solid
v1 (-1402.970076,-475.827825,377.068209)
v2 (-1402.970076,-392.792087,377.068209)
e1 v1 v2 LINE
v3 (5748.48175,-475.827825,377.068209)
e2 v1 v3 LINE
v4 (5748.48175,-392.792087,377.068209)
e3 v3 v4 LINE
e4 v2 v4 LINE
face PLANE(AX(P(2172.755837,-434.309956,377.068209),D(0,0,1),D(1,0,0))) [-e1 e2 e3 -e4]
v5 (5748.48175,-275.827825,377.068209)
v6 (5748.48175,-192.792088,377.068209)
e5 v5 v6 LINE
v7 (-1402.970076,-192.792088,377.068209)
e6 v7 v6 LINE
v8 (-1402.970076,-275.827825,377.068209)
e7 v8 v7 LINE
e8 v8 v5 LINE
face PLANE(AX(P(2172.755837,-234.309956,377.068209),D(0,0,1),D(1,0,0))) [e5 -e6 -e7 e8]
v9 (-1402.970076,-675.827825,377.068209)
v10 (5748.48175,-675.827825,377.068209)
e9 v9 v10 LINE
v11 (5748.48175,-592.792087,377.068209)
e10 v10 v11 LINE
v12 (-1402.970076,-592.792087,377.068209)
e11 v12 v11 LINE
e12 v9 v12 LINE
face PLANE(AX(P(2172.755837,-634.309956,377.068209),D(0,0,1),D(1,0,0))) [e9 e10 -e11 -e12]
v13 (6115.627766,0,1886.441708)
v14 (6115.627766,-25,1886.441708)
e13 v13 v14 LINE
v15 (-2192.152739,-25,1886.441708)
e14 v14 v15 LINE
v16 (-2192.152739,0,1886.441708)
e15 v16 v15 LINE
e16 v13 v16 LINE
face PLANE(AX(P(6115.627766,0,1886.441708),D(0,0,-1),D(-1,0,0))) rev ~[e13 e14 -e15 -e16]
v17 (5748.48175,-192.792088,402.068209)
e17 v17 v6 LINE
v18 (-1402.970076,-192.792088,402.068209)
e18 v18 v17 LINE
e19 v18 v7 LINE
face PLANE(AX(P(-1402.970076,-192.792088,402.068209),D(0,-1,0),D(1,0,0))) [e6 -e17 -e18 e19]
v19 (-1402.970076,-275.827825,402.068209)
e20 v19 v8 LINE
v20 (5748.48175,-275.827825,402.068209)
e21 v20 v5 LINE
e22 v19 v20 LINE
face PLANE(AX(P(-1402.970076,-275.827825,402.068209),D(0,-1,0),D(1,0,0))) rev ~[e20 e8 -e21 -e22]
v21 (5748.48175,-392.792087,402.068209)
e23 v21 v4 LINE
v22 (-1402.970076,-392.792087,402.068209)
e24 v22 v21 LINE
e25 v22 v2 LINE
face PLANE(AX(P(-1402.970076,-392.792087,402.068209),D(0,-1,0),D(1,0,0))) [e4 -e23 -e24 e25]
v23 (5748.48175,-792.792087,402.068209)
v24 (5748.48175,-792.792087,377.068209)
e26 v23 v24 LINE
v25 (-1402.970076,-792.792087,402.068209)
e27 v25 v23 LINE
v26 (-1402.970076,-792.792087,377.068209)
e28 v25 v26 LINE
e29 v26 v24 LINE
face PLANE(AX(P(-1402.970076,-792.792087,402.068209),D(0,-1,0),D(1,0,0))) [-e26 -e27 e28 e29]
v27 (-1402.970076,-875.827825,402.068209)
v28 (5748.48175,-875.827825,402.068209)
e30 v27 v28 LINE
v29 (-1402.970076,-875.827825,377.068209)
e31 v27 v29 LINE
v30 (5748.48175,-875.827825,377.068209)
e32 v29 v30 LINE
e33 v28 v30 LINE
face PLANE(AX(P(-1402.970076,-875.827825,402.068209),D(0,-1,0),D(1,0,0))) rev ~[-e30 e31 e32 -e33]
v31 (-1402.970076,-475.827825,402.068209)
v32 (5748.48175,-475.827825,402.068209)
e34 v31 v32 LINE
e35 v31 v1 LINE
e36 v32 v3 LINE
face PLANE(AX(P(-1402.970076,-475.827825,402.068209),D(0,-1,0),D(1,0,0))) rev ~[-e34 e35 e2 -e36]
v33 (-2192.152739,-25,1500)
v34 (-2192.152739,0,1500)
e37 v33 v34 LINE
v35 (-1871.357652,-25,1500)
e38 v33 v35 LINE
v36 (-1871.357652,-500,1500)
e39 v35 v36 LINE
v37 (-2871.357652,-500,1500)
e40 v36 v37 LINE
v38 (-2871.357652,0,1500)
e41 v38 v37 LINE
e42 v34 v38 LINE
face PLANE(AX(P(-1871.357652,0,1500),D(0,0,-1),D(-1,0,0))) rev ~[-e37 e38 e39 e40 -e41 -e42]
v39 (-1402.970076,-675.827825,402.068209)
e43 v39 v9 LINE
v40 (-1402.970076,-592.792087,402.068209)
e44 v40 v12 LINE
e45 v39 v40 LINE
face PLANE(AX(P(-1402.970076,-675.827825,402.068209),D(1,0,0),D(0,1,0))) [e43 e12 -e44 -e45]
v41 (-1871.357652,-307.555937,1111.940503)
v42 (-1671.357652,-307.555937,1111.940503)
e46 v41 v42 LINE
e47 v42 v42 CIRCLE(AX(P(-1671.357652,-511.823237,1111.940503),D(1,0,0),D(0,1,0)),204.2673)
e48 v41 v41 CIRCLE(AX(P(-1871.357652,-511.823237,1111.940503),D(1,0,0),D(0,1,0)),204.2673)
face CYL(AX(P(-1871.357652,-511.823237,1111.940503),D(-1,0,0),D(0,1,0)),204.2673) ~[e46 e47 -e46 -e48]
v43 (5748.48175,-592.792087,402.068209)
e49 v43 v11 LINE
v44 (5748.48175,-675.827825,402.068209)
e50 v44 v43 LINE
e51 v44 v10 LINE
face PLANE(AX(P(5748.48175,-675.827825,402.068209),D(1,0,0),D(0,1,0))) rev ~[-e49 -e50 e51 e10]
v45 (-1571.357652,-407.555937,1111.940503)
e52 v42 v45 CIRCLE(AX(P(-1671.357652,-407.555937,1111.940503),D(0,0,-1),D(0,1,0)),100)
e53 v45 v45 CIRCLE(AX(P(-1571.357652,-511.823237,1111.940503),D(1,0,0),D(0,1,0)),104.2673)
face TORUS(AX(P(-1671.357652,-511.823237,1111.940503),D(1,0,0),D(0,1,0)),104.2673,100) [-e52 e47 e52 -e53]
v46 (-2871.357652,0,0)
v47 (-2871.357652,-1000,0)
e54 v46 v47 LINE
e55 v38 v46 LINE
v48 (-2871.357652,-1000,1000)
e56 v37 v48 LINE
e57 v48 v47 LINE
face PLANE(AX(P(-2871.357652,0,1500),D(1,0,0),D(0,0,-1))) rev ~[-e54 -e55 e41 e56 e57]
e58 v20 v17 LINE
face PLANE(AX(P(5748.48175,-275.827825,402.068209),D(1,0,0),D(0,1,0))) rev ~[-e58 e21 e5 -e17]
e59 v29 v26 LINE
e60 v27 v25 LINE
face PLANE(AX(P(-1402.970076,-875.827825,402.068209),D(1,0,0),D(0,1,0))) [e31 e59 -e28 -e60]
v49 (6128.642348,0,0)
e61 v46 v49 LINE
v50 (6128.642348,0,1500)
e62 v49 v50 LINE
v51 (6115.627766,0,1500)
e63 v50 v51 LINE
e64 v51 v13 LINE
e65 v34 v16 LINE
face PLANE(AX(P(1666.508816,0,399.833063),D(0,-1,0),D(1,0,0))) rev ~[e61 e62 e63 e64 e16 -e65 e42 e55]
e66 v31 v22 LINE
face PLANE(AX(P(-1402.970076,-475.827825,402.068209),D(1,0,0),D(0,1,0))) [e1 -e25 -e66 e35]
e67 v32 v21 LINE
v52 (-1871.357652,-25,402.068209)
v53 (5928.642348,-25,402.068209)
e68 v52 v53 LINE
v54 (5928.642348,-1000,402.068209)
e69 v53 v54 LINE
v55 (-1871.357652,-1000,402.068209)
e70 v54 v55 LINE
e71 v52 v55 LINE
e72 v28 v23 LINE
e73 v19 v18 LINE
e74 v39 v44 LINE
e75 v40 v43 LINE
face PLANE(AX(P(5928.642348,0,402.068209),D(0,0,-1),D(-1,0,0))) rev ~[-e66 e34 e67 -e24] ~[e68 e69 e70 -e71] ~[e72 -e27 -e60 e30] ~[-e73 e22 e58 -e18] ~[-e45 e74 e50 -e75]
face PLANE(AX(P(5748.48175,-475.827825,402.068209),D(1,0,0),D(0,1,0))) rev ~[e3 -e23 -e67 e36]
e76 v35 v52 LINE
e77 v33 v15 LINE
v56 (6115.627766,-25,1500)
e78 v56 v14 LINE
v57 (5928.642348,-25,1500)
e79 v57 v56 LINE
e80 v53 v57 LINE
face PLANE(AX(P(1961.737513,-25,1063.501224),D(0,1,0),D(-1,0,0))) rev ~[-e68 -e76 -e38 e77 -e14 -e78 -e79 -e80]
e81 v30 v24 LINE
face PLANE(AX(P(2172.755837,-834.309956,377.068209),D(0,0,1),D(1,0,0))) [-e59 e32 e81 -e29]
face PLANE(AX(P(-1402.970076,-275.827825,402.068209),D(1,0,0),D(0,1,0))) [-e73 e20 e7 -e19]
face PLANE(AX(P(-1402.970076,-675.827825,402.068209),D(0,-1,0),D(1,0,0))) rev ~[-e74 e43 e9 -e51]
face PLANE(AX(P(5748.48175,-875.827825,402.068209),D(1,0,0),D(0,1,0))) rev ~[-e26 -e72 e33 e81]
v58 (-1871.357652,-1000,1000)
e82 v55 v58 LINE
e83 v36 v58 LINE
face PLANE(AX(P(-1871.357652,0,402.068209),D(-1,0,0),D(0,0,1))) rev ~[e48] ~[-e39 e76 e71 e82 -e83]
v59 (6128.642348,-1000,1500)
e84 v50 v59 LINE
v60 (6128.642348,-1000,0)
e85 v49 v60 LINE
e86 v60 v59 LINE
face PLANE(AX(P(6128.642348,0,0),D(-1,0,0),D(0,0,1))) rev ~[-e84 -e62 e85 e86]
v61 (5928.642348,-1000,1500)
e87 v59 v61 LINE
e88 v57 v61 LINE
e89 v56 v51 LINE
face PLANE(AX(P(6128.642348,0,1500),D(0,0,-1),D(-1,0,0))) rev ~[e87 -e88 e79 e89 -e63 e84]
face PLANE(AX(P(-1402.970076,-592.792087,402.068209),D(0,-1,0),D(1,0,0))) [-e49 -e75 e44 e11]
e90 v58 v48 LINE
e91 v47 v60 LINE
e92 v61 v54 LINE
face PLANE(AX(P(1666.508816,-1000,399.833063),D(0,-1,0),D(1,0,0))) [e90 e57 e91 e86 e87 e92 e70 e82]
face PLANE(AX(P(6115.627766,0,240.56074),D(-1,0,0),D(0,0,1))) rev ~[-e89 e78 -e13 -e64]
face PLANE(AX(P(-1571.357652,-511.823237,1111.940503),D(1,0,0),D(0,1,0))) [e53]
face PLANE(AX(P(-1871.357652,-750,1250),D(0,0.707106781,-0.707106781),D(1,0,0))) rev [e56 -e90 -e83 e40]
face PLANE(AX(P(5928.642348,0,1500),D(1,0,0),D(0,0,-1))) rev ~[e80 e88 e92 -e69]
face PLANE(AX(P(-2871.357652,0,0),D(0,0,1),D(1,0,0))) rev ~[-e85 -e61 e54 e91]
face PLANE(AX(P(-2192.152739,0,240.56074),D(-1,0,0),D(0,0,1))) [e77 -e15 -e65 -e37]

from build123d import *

# Parameters (mm, degrees)
F1_DEPTH = 1000
F2_W     = 8307.780505
F2_H     = 1645.880968
F3_DEPTH = 25
F4_R     = 204.2673
F5_DEPTH = 300
F6_SIZE  = 500
F7_R     = 100
F8_W     = 7151.451826
F8_H     = 83.035737
F9_DEPTH = 25


with BuildPart() as f1:
    # F0 (on Front) → F1 (new body)
    with BuildSketch(Plane.XZ):
        Polygon((-1871.357652, 1500), (-2871.357652, 1500), (-2871.357652, 0), (6128.642348, 0), (6128.642348, 1500), (5928.642348, 1500), (5928.642348, 402.068209), (-1871.357652, 402.068209), align=None)
    extrude(amount=F1_DEPTH)

    # F2 (on face) → F3 (join)
    with BuildSketch(Plane(origin=(0, 0, 0), x_dir=(-1, 0, 0), z_dir=(0, 1, 0))):
        with Locations((-1961.737513, 1063.501224)):
            Rectangle(F2_W, F2_H)
    extrude(amount=-F3_DEPTH)

    # F4 (on face) → F5 (join)
    with BuildSketch(Plane.YZ.offset(-1871.357652)):
        with Locations((-511.823237, 1111.940503)):
            Circle(F4_R)
    extrude(amount=F5_DEPTH)

    # F6
    f6_edges = [f1.edges().sort_by_distance(p)[0] for p in [
        (-2371.357652, -1000, 1500),
    ]]
    chamfer(f6_edges, length=F6_SIZE)

    # F7
    f7_edges = [f1.edges().sort_by_distance(p)[0] for p in [
        (-1571.357652, -716.090537, 1111.940503),
    ]]
    fillet(f7_edges, radius=F7_R)

    # F8 (on face) → F9 (cut)
    with BuildSketch(Plane.XY.offset(402.068209)):
        with Locations((2172.755837, -234.309956)):
            Rectangle(F8_W, F8_H)
        with Locations((2172.755837, -434.309956)):
            Rectangle(F8_W, F8_H)
        with Locations((2172.755837, -634.309956)):
            Rectangle(F8_W, F8_H)
        with Locations((2172.755837, -834.309956)):
            Rectangle(F8_W, F8_H)
    extrude(amount=-F9_DEPTH, mode=Mode.SUBTRACT)


solid = f1.part
